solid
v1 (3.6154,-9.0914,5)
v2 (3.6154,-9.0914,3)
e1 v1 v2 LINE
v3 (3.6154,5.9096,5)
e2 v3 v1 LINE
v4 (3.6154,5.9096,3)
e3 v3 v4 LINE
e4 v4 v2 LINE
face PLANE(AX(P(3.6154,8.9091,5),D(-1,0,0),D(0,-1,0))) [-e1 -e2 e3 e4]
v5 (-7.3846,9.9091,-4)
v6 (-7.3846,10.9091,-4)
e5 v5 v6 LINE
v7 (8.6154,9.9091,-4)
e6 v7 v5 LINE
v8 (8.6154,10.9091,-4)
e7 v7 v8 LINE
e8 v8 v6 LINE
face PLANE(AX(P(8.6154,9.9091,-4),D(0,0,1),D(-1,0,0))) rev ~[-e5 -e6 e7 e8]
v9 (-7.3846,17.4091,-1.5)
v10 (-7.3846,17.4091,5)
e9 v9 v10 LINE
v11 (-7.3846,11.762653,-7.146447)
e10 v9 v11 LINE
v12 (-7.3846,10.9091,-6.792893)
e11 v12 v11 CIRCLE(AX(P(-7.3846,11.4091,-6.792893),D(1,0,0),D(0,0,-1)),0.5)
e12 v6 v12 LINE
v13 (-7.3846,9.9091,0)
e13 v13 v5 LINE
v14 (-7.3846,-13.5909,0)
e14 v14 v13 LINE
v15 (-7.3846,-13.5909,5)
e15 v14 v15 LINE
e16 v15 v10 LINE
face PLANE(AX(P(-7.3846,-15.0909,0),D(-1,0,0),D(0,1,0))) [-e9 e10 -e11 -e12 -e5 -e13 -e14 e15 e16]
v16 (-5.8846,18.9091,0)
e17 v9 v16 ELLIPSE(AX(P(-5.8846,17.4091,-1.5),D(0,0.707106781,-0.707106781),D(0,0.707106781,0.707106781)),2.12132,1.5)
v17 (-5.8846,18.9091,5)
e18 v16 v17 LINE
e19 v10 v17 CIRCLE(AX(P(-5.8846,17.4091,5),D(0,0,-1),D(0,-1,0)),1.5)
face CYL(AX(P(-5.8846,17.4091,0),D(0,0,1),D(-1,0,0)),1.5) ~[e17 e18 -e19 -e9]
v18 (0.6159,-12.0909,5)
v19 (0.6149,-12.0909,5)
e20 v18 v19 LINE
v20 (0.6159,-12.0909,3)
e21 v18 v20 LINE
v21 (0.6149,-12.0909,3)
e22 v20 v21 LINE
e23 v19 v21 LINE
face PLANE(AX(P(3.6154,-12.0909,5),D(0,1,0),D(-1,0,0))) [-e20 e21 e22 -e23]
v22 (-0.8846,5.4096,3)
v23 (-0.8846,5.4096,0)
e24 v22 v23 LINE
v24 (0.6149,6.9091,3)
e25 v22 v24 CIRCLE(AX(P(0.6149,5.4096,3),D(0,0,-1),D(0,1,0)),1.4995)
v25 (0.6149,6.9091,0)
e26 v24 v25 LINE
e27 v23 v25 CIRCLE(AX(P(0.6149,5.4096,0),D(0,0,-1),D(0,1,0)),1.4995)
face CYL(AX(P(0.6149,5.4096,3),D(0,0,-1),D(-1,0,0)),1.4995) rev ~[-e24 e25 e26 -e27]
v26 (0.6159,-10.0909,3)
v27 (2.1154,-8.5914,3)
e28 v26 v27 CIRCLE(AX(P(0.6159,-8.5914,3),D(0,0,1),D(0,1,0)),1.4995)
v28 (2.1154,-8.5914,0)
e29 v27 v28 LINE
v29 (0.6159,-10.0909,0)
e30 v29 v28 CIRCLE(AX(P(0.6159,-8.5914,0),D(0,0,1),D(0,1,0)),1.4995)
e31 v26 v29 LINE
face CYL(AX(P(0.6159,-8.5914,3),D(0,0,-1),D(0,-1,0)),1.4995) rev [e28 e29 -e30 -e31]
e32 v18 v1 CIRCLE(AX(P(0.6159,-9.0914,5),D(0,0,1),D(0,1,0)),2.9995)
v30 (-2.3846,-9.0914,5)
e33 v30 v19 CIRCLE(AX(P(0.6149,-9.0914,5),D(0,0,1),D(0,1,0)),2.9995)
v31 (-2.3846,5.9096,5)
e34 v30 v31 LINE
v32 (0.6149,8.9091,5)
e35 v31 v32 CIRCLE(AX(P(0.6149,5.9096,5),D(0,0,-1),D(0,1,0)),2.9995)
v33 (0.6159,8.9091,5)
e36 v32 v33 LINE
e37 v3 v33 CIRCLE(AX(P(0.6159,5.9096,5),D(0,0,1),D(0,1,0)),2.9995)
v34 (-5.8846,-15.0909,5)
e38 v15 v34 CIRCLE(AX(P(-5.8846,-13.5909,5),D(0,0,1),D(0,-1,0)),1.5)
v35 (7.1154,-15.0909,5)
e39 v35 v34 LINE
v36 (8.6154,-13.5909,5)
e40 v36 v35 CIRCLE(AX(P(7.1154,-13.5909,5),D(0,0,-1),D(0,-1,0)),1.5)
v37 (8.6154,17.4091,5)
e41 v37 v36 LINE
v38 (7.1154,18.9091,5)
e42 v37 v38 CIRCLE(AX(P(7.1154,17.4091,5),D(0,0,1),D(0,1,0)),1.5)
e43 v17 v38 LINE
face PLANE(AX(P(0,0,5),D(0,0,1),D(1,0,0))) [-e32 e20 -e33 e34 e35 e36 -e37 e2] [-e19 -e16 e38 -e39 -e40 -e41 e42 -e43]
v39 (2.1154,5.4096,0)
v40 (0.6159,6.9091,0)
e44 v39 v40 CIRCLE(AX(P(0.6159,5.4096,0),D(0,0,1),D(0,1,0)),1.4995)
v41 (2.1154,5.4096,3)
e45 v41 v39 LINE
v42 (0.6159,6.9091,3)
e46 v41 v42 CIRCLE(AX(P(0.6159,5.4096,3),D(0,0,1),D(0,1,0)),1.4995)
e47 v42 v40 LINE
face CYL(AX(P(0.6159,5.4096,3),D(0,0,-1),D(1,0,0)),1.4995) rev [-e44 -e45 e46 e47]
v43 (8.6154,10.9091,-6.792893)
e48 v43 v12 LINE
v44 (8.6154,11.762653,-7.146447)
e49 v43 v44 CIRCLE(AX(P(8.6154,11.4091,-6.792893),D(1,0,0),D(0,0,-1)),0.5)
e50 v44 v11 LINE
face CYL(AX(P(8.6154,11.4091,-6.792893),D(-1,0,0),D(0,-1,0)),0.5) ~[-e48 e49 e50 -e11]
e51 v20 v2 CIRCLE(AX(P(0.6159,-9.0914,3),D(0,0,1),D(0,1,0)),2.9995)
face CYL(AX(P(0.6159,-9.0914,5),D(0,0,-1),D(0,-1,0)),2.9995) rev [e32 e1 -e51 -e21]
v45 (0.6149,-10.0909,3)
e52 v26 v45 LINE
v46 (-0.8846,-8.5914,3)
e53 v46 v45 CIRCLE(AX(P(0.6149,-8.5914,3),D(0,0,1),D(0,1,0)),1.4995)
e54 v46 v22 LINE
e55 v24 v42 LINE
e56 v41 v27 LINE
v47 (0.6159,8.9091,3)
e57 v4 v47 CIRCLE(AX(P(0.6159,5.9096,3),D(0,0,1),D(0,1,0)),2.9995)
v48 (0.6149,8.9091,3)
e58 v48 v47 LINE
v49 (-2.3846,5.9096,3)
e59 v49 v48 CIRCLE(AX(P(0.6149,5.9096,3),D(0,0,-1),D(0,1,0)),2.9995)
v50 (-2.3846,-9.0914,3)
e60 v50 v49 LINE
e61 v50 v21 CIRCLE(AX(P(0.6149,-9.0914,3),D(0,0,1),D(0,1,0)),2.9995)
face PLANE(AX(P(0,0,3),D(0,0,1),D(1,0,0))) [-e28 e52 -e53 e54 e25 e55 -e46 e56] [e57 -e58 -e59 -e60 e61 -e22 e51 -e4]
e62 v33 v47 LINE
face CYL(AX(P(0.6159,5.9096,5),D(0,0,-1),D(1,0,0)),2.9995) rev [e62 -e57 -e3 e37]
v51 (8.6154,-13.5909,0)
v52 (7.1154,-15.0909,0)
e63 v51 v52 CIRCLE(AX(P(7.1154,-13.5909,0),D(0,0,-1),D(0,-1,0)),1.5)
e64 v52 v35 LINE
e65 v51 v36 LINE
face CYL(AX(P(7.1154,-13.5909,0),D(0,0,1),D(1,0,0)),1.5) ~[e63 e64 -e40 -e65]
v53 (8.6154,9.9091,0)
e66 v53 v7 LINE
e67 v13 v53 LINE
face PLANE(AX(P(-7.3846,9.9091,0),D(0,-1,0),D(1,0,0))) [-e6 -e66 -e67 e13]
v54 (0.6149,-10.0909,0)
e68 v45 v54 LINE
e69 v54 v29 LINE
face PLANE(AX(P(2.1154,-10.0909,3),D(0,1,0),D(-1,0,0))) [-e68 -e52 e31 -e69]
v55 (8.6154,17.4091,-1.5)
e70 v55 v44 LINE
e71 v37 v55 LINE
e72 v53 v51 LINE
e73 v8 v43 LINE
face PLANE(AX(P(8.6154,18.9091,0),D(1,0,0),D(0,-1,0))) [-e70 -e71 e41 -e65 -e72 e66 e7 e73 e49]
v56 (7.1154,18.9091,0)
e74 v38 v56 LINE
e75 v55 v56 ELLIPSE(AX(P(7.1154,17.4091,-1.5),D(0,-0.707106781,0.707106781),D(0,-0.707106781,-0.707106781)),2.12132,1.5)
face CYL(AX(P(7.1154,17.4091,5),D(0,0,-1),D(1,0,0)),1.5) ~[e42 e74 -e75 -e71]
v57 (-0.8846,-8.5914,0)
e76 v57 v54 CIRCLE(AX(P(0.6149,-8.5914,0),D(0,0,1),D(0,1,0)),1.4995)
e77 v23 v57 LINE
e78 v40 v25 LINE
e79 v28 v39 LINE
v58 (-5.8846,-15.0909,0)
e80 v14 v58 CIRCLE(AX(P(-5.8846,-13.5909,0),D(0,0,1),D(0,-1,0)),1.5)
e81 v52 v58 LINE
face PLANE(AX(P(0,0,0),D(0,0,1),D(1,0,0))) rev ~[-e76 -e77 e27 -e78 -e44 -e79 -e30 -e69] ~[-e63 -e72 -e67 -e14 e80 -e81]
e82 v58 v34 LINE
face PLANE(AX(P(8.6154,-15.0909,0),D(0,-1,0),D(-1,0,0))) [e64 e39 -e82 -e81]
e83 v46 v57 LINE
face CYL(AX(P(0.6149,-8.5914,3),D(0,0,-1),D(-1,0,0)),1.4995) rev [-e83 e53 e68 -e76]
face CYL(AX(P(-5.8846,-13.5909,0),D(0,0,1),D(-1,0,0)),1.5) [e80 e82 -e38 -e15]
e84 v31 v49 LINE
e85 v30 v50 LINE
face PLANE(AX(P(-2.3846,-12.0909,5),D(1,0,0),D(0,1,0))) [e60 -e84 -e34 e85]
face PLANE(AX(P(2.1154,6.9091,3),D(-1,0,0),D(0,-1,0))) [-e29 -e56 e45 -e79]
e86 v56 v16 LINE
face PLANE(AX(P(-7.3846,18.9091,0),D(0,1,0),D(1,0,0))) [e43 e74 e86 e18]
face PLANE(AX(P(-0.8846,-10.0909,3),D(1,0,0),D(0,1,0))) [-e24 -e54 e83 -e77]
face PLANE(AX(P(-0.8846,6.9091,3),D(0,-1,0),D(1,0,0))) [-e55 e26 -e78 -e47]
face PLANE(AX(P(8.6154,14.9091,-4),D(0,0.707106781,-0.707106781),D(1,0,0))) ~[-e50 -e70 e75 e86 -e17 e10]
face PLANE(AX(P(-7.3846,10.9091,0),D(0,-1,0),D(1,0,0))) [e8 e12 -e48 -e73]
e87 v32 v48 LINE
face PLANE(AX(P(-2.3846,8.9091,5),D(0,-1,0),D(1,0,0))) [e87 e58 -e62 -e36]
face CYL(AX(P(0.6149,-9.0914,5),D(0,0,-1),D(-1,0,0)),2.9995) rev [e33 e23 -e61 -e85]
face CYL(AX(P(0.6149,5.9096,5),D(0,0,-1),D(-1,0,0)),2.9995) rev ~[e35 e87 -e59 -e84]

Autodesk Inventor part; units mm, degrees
ref_plane "YZ Plane" through (0, 0, 0) normal (1, 0, 0) x (0, 1, 0)
ref_plane "XZ Plane" through (0, 0, 0) normal (0, 1, 0) x (-1, 0, 0)
ref_plane "XY Plane" through (0, 0, 0) normal (0, 0, 1) x (1, 0, 0)
sketch "Szkic1" plane through (0, 0, 0) normal (0, 0, 1) x (1, 0, 0)
  line L0 (-7.3846, 18.9091) -> (8.6154, 18.9091)
  line L1 (8.6154, 18.9091) -> (8.6154, -15.0909)
  line L2 (8.6154, -15.0909) -> (-7.3846, -15.0909)
  line L3 (-7.3846, -15.0909) -> (-7.3846, 18.9091)
  point P0 (0, 0)
  dimension "d1" = 16
  dimension "d2" = 34
extrude "Wyciągnięcie proste1" add sketch "Szkic1" along normal blind 5
sketch "Szkic2" plane through (0, 0, 0) normal (0, 0, -1) x (-1, 0, 0)
  line L0 (-8.6154, 18.9091) -> (7.3846, 18.9091) projected
  line L1 (7.3846, 18.9091) -> (7.3846, -15.0909) projected
  line L2 (-8.6154, 18.9091) -> (7.3846, 18.9091)
  line L3 (7.3846, 18.9091) -> (7.3846, 9.9091)
  line L4 (7.3846, 9.9091) -> (-8.6154, 9.9091)
  line L5 (-8.6154, 9.9091) -> (-8.6154, 18.9091)
  point P0 (0, 0)
  dimension "d5" = 9
extrude "Wyciągnięcie proste2" add sketch "Szkic2" along normal blind 8
chamfer "Faza1" distance 8 angle 45 1 edges at (0.6154, 18.9091, -8)
sketch "Szkic3" plane through (0, 0, 5) normal (0, 0, 1) x (1, 0, 0)
  line L0 (-2.3846, 8.9091) -> (3.6154, 8.9091)
  line L1 (3.6154, 8.9091) -> (3.6154, -12.0909)
  line L2 (3.6154, -12.0909) -> (-2.3846, -12.0909)
  line L3 (-2.3846, -12.0909) -> (-2.3846, 8.9091)
  line L4 (8.6154, 18.9091) -> (-7.3846, 18.9091) projected
  line L5 (-7.3846, -15.0909) -> (8.6154, -15.0909) projected
  line L6 (8.6154, -15.0909) -> (8.6154, 18.9091) projected
  point P0 (0, 0)
  dimension "d11" = 10
  dimension "d12" = 3
  dimension "d13" = 6
  dimension "d14" = 5
extrude "Wyciągnięcie proste3" cut sketch "Szkic3" against normal blind 2
sketch "Szkic4" plane through (0, 0, 3) normal (0, 0, 1) x (1, 0, 0)
  line L0 (-0.8846, 6.9091) -> (2.1154, 6.9091)
  line L1 (2.1154, 6.9091) -> (2.1154, -10.0909)
  line L2 (2.1154, -10.0909) -> (-0.8846, -10.0909)
  line L3 (-0.8846, -10.0909) -> (-0.8846, 6.9091)
  line L4 (-2.3846, 8.9091) -> (3.6154, 8.9091) projected
  line L5 (3.6154, 8.9091) -> (3.6154, -12.0909) projected
  line L6 (3.6154, -12.0909) -> (-2.3846, -12.0909) projected
  point P0 (0, 0)
  dimension "d17" = 2
  dimension "d19" = 3
  dimension "d20" = 1.5
  dimension "d21" = 2
extrude "Wyciągnięcie proste4" cut sketch "Szkic4" against normal up to next
fillet "Zaokrąglenie1" radius 3 4 edges at (3.6154, 8.9091, 4) (-2.3846, 8.9091, 4) (-2.3846, -12.0909, 4) (3.6154, -12.0909, 4)
fillet "Zaokrąglenie2" radius 1.5 4 edges at (-0.8846, 6.9091, 1.5) (2.1154, 6.9091, 1.5) (-0.8846, -10.0909, 1.5) (2.1154, -10.0909, 1.5)
fillet "Zaokrąglenie3" radius 1.5 4 edges at (-7.3846, -15.0909, 2.5) (8.6154, -15.0909, 2.5) (8.6154, 18.9091, 2.5) (-7.3846, 18.9091, 2.5)
sketch "Szkic5" plane through (-7.3846, 9.9091, 0) normal (0, -1, 0) x (1, 0, 0)
  line L0 (0, 0) -> (0, -8) projected
  line L1 (16, 0) -> (16, -8) projected
  line L2 (0, -8) -> (16, -8)
  line L3 (16, -8) -> (16, -4)
  line L4 (16, -4) -> (0, -4)
  line L5 (0, -4) -> (0, -8)
  line L6 (14.5, 0) -> (1.5, 0) projected
  point P0 (7.3846, 0)
  dimension "d28" = 4
extrude "Wyciągnięcie proste5" cut sketch "Szkic5" against normal blind 1
fillet "Zaokrąglenie5" radius 0.5 1 edges at (0.6154, 10.9091, -8)
properties part number "Trzymacz" material "Tworzywo sztuczne ABS"
